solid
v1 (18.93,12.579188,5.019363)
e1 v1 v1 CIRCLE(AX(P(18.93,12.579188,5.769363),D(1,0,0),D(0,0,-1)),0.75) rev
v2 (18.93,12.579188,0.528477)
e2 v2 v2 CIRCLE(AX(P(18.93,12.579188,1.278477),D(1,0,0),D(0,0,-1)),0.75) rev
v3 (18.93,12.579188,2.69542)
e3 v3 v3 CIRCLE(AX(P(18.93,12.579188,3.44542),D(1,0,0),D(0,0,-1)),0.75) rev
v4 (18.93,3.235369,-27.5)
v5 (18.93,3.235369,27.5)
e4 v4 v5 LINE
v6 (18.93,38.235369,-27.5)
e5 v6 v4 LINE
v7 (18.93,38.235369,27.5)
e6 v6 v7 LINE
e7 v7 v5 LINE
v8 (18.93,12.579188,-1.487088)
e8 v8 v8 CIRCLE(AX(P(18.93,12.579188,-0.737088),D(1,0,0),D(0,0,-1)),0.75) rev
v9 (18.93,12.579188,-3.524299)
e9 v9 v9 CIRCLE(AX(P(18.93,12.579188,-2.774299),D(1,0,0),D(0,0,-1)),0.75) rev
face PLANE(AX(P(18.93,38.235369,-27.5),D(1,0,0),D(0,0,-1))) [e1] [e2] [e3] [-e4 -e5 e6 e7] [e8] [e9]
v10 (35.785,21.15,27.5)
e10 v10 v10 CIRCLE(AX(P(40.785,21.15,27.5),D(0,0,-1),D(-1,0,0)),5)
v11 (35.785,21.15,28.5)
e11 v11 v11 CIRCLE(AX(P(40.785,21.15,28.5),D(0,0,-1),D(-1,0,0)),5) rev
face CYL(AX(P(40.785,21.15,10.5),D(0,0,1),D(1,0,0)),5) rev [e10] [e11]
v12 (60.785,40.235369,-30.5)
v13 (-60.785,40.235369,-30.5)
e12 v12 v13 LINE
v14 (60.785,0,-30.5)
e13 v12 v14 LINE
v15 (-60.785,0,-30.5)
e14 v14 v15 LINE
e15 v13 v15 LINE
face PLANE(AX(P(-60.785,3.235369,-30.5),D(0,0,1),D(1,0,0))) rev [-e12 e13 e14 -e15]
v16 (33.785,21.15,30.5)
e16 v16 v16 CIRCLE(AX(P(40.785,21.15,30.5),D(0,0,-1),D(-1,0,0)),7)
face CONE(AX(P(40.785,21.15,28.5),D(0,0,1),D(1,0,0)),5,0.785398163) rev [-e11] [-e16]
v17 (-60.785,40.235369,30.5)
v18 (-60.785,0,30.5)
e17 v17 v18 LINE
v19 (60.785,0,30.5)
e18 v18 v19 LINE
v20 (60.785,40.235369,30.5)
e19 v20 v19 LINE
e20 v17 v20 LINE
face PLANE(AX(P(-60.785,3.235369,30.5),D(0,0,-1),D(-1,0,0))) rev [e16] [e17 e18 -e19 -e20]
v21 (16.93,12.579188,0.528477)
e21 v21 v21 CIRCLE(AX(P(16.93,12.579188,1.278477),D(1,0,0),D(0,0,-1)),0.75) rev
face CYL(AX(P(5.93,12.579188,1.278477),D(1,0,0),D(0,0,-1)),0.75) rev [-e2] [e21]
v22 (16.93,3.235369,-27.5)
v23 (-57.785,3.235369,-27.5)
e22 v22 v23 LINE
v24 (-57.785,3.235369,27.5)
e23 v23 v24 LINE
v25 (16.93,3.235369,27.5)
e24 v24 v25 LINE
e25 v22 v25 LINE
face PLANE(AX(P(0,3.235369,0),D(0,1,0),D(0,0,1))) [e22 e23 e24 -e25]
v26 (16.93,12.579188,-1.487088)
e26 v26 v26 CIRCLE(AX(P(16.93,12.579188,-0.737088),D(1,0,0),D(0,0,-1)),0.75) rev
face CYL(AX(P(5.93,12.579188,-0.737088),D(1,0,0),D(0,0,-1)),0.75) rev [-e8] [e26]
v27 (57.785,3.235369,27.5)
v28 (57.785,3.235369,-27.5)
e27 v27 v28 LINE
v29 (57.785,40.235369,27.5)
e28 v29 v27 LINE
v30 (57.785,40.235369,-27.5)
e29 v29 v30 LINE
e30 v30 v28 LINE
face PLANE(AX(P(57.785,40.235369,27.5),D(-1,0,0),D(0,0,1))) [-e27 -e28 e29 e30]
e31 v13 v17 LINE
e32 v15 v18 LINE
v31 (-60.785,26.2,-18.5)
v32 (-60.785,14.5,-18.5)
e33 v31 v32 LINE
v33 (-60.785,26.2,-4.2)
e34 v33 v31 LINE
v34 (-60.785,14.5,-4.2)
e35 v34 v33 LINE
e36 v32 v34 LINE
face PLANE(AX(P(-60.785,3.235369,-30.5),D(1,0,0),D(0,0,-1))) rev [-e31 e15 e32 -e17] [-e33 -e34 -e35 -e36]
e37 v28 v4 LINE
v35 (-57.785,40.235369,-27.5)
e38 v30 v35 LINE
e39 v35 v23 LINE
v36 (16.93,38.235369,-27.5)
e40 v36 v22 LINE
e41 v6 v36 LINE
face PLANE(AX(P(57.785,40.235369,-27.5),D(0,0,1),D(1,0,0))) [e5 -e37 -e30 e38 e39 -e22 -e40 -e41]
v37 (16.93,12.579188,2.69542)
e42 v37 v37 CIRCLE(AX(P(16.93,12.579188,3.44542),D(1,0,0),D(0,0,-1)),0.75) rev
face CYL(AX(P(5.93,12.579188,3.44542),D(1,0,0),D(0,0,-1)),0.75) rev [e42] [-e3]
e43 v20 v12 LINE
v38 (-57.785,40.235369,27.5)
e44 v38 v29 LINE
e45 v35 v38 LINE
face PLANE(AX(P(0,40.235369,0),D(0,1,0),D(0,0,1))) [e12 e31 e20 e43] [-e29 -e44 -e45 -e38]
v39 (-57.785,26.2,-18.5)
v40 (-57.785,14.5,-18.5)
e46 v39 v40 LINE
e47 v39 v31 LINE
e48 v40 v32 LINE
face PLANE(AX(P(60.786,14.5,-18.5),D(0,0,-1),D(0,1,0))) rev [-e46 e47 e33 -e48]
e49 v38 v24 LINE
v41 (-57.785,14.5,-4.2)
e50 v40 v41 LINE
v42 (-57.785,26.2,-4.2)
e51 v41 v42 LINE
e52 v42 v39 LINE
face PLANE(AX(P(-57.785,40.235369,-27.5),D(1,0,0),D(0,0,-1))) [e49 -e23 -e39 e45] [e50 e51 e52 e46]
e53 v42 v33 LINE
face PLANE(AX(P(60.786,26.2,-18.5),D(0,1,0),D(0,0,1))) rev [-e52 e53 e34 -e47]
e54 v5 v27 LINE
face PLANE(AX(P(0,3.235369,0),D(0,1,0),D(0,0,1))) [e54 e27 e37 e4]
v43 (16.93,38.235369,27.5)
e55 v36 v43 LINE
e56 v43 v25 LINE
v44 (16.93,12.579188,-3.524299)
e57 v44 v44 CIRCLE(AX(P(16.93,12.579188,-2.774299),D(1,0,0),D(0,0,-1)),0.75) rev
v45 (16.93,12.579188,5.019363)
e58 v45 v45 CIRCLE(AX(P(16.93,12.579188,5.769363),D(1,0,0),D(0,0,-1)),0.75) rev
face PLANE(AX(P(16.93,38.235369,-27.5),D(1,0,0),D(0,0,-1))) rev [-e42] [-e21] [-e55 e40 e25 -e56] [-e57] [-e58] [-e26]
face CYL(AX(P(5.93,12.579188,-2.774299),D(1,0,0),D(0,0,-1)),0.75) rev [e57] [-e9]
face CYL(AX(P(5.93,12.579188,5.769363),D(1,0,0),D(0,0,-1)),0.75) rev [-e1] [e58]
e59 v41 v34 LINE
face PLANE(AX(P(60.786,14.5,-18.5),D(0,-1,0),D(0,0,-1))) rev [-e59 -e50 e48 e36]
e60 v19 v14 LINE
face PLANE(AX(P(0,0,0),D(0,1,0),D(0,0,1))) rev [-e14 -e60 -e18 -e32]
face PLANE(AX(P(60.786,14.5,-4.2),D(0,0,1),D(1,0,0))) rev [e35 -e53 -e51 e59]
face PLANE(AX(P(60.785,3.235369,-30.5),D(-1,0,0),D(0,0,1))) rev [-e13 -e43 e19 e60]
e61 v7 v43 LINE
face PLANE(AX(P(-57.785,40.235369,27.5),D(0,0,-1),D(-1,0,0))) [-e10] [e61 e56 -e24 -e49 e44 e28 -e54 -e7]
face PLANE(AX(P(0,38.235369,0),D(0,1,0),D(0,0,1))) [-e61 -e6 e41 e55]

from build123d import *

# Parameters (mm, degrees)
SKETCH1_W               = 121.57
SKETCH1_H               = 61
BOSS_EXTRUDE1_DEPTH     = 3.235369433
SKETCH2_W               = 121.57
SKETCH2_H               = 61
SKETCH2_W_2             = 115.57
SKETCH2_H_2             = 55
BOSS_EXTRUDE2_DEPTH     = 37
CUT_EXTRUDE1_REACH      = 123.57
SKETCH3_W               = 14.3
SKETCH3_H               = 11.7
SKETCH5_W               = 2
SKETCH5_H               = 55
BOSS_EXTRUDE3_DEPTH     = 35
SKETCH7_R               = 5
CUT_EXTRUDE3_DEPTH      = 20
CHAMFER10_SIZE          = 2
SKETCH8_R               = 0.75
CUT_EXTRUDE4_DEPTH      = 11
CUT_EXTRUDE4_DEPTH_BACK = 17


with BuildPart() as part:
    # Sketch1 → Boss-Extrude1 (new body)
    with BuildSketch(Plane(origin=(0, 0, 0), x_dir=(1, 0, 0), z_dir=(0, 1, 0))):
        Rectangle(SKETCH1_W, SKETCH1_H)
    extrude(amount=BOSS_EXTRUDE1_DEPTH)

    # Sketch2 → Boss-Extrude2 (add)
    with BuildSketch(Plane(origin=(0, 3.235369433, 0), x_dir=(1, 0, 0), z_dir=(0, 1, 0))):
        Rectangle(SKETCH2_W, SKETCH2_H)
        Rectangle(SKETCH2_W_2, SKETCH2_H_2, mode=Mode.SUBTRACT)
    extrude(amount=BOSS_EXTRUDE2_DEPTH)

    # Sketch3 → Cut-Extrude1 (cut, up to next)
    with BuildSketch(Plane.ZY.offset(60.785), mode=Mode.PRIVATE) as cut_extrude1_sk1:
        with Locations((-11.35, 20.35)):
            Rectangle(SKETCH3_W, SKETCH3_H)
    cut_extrude1_tool1 = extrude(cut_extrude1_sk1.sketch, amount=-CUT_EXTRUDE1_REACH, mode=Mode.PRIVATE) & part.part
    add(cut_extrude1_tool1.solids().sort_by_distance((-60.785, 20.35, -11.35))[0], mode=Mode.SUBTRACT)

    # Sketch5 → Boss-Extrude3 (add)
    with BuildSketch(Plane(origin=(0, 3.235369433, 0), x_dir=(1, 0, 0), z_dir=(0, 1, 0))):
        with Locations((17.93, 0)):
            Rectangle(SKETCH5_W, SKETCH5_H)
    extrude(amount=BOSS_EXTRUDE3_DEPTH)

    # Sketch7 → Cut-Extrude3 (cut)
    with BuildSketch(Plane.XY.offset(30.5)):
        with Locations((40.785, 21.15)):
            Circle(SKETCH7_R)
    extrude(amount=-CUT_EXTRUDE3_DEPTH, mode=Mode.SUBTRACT)

    # Chamfer10
    chamfer10_edges = [part.edges().sort_by_distance(p)[0] for p in [
        (35.785, 21.15, 30.5),
    ]]
    chamfer(chamfer10_edges, length=CHAMFER10_SIZE)

    # Sketch8 → Cut-Extrude4 (cut, two sides)
    with BuildSketch(Plane.ZY.offset(-16.93)) as cut_extrude4_sk:
        with Locations((-0.737087906, 12.579188257)):
            Circle(SKETCH8_R)
        with Locations((1.278476701, 12.579188257)):
            Circle(SKETCH8_R)
        with Locations((3.44541986, 12.579188257)):
            Circle(SKETCH8_R)
        with Locations((5.769363075, 12.579188257)):
            Circle(SKETCH8_R)
        with Locations((-2.774299402, 12.579188257)):
            Circle(SKETCH8_R)
    extrude(amount=CUT_EXTRUDE4_DEPTH, mode=Mode.SUBTRACT)
    extrude(cut_extrude4_sk.sketch, amount=-CUT_EXTRUDE4_DEPTH_BACK, mode=Mode.SUBTRACT)


solid = part.part
